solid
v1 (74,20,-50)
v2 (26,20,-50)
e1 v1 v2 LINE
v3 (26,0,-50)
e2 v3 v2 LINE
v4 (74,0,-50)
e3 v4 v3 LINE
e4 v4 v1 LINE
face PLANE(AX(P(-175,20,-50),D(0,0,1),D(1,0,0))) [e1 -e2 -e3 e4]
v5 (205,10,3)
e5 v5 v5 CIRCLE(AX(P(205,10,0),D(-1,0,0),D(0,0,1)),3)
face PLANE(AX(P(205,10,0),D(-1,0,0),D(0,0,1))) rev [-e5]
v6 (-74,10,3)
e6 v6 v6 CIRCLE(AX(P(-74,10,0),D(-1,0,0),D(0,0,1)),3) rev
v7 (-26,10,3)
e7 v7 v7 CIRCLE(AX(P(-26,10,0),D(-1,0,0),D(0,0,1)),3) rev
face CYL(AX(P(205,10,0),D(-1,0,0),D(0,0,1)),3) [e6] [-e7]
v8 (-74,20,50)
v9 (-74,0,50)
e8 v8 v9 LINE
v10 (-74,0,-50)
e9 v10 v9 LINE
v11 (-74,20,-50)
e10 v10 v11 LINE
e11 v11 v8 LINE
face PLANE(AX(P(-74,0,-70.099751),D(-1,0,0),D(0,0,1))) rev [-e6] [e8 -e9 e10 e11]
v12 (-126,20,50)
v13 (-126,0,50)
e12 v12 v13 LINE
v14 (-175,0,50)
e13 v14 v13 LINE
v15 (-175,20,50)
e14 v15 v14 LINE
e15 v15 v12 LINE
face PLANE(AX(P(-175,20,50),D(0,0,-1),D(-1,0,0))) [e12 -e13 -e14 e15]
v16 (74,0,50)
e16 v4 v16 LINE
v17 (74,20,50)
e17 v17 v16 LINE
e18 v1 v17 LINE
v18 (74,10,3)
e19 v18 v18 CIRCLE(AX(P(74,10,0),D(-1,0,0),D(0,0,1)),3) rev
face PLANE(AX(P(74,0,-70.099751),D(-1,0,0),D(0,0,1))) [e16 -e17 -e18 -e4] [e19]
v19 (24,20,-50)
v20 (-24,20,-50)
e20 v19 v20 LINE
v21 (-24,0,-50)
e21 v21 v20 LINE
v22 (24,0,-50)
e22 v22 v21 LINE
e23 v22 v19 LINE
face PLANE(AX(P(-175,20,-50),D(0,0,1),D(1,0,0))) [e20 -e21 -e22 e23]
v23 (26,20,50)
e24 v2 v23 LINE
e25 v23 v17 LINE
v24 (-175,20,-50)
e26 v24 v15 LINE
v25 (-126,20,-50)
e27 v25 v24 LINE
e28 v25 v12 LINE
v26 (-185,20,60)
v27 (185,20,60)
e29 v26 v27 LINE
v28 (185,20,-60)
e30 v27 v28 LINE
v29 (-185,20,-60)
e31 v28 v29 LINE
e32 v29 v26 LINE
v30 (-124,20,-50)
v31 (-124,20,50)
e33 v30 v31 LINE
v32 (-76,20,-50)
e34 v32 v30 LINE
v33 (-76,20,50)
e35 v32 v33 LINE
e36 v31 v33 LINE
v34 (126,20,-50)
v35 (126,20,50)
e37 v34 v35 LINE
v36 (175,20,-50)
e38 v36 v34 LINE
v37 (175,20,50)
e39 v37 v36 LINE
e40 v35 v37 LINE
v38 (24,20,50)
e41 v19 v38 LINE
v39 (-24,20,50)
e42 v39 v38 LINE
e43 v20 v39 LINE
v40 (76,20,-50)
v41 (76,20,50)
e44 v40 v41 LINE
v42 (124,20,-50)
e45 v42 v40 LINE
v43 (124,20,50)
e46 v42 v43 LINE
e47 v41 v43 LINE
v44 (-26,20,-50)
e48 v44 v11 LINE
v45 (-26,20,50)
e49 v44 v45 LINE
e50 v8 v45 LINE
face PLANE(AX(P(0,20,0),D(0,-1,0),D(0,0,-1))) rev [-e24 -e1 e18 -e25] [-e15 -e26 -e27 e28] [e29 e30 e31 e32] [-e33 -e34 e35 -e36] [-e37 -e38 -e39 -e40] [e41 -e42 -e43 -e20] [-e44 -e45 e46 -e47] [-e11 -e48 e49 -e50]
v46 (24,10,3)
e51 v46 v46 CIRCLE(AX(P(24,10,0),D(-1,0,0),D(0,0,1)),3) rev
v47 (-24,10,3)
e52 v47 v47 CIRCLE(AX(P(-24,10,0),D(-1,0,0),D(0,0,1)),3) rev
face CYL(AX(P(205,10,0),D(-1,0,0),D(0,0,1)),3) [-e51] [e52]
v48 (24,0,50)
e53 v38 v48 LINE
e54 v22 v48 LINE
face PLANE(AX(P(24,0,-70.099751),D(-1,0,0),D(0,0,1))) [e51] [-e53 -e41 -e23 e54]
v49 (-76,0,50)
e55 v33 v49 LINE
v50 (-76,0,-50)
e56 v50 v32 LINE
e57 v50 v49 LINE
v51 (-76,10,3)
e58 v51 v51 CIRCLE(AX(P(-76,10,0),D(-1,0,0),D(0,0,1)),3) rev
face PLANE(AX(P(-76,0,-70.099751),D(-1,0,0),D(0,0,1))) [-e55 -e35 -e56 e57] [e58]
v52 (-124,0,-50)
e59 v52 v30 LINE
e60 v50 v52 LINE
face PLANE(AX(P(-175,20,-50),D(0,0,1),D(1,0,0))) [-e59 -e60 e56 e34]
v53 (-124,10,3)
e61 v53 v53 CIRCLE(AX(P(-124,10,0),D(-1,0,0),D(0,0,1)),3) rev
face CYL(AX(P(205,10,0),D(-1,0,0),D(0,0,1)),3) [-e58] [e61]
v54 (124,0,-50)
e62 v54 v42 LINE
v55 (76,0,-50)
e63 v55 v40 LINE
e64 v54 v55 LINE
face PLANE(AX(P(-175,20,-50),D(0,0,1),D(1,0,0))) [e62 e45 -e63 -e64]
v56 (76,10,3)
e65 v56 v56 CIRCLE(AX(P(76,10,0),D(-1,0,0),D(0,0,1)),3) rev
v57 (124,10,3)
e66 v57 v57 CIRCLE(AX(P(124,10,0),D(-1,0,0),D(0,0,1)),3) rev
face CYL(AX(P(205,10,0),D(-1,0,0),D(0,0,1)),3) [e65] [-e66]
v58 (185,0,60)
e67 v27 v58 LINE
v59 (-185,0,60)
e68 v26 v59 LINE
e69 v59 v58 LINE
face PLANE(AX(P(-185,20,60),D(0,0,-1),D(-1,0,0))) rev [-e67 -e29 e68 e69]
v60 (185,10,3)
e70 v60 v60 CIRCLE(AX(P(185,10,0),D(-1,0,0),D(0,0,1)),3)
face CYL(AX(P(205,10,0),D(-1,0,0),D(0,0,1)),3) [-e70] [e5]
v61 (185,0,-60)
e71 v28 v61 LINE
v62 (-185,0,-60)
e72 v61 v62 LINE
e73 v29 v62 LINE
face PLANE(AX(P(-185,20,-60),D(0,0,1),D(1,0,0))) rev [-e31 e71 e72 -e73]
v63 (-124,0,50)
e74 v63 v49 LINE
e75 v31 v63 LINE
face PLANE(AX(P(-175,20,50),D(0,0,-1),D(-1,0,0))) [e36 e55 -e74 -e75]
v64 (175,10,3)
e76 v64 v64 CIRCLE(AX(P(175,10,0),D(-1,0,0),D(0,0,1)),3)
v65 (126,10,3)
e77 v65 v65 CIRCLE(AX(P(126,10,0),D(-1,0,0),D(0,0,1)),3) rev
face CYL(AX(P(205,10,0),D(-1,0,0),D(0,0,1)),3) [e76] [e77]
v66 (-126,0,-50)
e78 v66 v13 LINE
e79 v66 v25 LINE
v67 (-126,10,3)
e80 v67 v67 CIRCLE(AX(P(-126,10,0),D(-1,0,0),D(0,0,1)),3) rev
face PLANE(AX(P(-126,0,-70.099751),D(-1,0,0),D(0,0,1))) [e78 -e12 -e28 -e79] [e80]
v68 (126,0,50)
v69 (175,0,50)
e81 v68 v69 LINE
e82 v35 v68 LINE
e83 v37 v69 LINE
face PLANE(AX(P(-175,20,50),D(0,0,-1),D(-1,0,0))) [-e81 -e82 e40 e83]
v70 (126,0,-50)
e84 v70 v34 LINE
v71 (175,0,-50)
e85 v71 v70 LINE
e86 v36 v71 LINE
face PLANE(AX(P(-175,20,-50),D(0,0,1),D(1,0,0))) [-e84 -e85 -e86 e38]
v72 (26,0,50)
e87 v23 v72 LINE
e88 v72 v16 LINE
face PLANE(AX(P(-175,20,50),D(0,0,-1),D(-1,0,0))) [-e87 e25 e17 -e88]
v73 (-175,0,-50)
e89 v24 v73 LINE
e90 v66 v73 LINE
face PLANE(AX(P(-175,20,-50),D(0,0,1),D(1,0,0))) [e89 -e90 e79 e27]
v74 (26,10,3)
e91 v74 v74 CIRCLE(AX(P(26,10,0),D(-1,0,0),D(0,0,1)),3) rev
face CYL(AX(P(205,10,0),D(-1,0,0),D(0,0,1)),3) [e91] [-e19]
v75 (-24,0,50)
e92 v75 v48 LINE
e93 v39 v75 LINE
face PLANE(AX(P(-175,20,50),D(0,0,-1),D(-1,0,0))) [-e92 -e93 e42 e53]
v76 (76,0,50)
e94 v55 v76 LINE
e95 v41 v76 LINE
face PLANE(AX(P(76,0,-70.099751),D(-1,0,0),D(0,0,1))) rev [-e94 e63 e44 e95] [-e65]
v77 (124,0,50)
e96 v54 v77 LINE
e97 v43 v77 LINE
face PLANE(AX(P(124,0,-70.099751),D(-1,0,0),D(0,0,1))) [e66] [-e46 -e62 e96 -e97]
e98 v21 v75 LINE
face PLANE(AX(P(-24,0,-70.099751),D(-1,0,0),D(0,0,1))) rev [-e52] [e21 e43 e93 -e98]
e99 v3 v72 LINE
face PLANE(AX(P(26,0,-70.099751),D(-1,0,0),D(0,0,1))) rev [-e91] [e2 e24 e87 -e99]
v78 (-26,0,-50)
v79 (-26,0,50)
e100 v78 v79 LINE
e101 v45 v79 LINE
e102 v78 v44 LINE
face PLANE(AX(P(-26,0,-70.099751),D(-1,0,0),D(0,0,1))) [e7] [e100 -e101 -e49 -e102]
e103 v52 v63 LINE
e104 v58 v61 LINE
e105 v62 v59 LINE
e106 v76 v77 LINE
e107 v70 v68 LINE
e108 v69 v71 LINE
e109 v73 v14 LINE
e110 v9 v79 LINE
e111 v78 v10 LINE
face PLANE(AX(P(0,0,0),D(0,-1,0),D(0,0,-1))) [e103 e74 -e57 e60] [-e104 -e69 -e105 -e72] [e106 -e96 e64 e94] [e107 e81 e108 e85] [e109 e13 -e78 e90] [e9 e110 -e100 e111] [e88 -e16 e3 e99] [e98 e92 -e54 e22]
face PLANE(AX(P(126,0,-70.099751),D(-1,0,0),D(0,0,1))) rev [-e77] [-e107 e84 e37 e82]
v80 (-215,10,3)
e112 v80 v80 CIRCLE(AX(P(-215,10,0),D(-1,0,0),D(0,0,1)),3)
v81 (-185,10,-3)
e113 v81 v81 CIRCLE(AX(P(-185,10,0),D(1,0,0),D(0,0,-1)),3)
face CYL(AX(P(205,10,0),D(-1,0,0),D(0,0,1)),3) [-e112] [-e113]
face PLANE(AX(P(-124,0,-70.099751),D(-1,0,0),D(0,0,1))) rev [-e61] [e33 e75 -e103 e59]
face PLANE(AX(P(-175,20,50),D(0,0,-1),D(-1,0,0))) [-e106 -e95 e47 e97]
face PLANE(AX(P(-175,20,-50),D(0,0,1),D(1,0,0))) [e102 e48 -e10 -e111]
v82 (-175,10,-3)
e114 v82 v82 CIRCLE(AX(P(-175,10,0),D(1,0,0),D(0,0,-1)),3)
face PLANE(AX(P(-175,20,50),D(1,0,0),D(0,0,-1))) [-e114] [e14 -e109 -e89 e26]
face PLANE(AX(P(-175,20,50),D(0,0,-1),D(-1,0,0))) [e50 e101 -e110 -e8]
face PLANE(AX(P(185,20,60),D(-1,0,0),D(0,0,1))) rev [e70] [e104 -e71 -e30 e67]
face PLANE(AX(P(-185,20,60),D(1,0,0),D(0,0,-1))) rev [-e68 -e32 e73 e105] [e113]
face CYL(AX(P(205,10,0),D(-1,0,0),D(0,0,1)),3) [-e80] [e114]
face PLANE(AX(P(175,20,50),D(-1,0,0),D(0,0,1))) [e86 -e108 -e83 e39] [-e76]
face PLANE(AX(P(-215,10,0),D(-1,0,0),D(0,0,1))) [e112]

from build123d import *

# Parameters (mm, degrees)
SKETCH1_W                = 370
SKETCH1_H                = 120
SKETCH1_W_2              = 350
SKETCH1_H_2              = 100
BOSS_EXTRUDE1_DEPTH      = 20
SKETCH2_R                = 3
BOSS_EXTRUDE2_DEPTH      = 30
BOSS_EXTRUDE2_DEPTH_BACK = 390
SKETCH4_W                = 2
SKETCH4_H                = 20
BOSS_EXTRUDE3_DEPTH      = 100


with BuildPart() as part:
    # Sketch1 → Boss-Extrude1 (new body)
    with BuildSketch(Plane(origin=(0, 0, 0), x_dir=(1, 0, 0), z_dir=(0, 1, 0))):
        Rectangle(SKETCH1_W, SKETCH1_H)
        Rectangle(SKETCH1_W_2, SKETCH1_H_2, mode=Mode.SUBTRACT)
    extrude(amount=BOSS_EXTRUDE1_DEPTH)

    # Sketch2 → Boss-Extrude2 (add, two sides)
    with BuildSketch(Plane.ZY.offset(185)) as boss_extrude2_sk:
        with Locations((0, 10)):
            Circle(SKETCH2_R)
    extrude(amount=BOSS_EXTRUDE2_DEPTH)
    extrude(boss_extrude2_sk.sketch, amount=-BOSS_EXTRUDE2_DEPTH_BACK)

    # Sketch4 → Boss-Extrude3 (add)
    with BuildSketch(Plane(origin=(0, 0, 50), x_dir=(-1, 0, 0), z_dir=(0, 0, -1))):
        with Locations((-125, 10)):
            Rectangle(SKETCH4_W, SKETCH4_H)
        with Locations((-75, 10)):
            Rectangle(SKETCH4_W, SKETCH4_H)
        with Locations((-25, 10)):
            Rectangle(SKETCH4_W, SKETCH4_H)
        with Locations((25, 10)):
            Rectangle(SKETCH4_W, SKETCH4_H)
        with Locations((75, 10)):
            Rectangle(SKETCH4_W, SKETCH4_H)
        with Locations((125, 10)):
            Rectangle(SKETCH4_W, SKETCH4_H)
    extrude(amount=BOSS_EXTRUDE3_DEPTH)


solid = part.part
